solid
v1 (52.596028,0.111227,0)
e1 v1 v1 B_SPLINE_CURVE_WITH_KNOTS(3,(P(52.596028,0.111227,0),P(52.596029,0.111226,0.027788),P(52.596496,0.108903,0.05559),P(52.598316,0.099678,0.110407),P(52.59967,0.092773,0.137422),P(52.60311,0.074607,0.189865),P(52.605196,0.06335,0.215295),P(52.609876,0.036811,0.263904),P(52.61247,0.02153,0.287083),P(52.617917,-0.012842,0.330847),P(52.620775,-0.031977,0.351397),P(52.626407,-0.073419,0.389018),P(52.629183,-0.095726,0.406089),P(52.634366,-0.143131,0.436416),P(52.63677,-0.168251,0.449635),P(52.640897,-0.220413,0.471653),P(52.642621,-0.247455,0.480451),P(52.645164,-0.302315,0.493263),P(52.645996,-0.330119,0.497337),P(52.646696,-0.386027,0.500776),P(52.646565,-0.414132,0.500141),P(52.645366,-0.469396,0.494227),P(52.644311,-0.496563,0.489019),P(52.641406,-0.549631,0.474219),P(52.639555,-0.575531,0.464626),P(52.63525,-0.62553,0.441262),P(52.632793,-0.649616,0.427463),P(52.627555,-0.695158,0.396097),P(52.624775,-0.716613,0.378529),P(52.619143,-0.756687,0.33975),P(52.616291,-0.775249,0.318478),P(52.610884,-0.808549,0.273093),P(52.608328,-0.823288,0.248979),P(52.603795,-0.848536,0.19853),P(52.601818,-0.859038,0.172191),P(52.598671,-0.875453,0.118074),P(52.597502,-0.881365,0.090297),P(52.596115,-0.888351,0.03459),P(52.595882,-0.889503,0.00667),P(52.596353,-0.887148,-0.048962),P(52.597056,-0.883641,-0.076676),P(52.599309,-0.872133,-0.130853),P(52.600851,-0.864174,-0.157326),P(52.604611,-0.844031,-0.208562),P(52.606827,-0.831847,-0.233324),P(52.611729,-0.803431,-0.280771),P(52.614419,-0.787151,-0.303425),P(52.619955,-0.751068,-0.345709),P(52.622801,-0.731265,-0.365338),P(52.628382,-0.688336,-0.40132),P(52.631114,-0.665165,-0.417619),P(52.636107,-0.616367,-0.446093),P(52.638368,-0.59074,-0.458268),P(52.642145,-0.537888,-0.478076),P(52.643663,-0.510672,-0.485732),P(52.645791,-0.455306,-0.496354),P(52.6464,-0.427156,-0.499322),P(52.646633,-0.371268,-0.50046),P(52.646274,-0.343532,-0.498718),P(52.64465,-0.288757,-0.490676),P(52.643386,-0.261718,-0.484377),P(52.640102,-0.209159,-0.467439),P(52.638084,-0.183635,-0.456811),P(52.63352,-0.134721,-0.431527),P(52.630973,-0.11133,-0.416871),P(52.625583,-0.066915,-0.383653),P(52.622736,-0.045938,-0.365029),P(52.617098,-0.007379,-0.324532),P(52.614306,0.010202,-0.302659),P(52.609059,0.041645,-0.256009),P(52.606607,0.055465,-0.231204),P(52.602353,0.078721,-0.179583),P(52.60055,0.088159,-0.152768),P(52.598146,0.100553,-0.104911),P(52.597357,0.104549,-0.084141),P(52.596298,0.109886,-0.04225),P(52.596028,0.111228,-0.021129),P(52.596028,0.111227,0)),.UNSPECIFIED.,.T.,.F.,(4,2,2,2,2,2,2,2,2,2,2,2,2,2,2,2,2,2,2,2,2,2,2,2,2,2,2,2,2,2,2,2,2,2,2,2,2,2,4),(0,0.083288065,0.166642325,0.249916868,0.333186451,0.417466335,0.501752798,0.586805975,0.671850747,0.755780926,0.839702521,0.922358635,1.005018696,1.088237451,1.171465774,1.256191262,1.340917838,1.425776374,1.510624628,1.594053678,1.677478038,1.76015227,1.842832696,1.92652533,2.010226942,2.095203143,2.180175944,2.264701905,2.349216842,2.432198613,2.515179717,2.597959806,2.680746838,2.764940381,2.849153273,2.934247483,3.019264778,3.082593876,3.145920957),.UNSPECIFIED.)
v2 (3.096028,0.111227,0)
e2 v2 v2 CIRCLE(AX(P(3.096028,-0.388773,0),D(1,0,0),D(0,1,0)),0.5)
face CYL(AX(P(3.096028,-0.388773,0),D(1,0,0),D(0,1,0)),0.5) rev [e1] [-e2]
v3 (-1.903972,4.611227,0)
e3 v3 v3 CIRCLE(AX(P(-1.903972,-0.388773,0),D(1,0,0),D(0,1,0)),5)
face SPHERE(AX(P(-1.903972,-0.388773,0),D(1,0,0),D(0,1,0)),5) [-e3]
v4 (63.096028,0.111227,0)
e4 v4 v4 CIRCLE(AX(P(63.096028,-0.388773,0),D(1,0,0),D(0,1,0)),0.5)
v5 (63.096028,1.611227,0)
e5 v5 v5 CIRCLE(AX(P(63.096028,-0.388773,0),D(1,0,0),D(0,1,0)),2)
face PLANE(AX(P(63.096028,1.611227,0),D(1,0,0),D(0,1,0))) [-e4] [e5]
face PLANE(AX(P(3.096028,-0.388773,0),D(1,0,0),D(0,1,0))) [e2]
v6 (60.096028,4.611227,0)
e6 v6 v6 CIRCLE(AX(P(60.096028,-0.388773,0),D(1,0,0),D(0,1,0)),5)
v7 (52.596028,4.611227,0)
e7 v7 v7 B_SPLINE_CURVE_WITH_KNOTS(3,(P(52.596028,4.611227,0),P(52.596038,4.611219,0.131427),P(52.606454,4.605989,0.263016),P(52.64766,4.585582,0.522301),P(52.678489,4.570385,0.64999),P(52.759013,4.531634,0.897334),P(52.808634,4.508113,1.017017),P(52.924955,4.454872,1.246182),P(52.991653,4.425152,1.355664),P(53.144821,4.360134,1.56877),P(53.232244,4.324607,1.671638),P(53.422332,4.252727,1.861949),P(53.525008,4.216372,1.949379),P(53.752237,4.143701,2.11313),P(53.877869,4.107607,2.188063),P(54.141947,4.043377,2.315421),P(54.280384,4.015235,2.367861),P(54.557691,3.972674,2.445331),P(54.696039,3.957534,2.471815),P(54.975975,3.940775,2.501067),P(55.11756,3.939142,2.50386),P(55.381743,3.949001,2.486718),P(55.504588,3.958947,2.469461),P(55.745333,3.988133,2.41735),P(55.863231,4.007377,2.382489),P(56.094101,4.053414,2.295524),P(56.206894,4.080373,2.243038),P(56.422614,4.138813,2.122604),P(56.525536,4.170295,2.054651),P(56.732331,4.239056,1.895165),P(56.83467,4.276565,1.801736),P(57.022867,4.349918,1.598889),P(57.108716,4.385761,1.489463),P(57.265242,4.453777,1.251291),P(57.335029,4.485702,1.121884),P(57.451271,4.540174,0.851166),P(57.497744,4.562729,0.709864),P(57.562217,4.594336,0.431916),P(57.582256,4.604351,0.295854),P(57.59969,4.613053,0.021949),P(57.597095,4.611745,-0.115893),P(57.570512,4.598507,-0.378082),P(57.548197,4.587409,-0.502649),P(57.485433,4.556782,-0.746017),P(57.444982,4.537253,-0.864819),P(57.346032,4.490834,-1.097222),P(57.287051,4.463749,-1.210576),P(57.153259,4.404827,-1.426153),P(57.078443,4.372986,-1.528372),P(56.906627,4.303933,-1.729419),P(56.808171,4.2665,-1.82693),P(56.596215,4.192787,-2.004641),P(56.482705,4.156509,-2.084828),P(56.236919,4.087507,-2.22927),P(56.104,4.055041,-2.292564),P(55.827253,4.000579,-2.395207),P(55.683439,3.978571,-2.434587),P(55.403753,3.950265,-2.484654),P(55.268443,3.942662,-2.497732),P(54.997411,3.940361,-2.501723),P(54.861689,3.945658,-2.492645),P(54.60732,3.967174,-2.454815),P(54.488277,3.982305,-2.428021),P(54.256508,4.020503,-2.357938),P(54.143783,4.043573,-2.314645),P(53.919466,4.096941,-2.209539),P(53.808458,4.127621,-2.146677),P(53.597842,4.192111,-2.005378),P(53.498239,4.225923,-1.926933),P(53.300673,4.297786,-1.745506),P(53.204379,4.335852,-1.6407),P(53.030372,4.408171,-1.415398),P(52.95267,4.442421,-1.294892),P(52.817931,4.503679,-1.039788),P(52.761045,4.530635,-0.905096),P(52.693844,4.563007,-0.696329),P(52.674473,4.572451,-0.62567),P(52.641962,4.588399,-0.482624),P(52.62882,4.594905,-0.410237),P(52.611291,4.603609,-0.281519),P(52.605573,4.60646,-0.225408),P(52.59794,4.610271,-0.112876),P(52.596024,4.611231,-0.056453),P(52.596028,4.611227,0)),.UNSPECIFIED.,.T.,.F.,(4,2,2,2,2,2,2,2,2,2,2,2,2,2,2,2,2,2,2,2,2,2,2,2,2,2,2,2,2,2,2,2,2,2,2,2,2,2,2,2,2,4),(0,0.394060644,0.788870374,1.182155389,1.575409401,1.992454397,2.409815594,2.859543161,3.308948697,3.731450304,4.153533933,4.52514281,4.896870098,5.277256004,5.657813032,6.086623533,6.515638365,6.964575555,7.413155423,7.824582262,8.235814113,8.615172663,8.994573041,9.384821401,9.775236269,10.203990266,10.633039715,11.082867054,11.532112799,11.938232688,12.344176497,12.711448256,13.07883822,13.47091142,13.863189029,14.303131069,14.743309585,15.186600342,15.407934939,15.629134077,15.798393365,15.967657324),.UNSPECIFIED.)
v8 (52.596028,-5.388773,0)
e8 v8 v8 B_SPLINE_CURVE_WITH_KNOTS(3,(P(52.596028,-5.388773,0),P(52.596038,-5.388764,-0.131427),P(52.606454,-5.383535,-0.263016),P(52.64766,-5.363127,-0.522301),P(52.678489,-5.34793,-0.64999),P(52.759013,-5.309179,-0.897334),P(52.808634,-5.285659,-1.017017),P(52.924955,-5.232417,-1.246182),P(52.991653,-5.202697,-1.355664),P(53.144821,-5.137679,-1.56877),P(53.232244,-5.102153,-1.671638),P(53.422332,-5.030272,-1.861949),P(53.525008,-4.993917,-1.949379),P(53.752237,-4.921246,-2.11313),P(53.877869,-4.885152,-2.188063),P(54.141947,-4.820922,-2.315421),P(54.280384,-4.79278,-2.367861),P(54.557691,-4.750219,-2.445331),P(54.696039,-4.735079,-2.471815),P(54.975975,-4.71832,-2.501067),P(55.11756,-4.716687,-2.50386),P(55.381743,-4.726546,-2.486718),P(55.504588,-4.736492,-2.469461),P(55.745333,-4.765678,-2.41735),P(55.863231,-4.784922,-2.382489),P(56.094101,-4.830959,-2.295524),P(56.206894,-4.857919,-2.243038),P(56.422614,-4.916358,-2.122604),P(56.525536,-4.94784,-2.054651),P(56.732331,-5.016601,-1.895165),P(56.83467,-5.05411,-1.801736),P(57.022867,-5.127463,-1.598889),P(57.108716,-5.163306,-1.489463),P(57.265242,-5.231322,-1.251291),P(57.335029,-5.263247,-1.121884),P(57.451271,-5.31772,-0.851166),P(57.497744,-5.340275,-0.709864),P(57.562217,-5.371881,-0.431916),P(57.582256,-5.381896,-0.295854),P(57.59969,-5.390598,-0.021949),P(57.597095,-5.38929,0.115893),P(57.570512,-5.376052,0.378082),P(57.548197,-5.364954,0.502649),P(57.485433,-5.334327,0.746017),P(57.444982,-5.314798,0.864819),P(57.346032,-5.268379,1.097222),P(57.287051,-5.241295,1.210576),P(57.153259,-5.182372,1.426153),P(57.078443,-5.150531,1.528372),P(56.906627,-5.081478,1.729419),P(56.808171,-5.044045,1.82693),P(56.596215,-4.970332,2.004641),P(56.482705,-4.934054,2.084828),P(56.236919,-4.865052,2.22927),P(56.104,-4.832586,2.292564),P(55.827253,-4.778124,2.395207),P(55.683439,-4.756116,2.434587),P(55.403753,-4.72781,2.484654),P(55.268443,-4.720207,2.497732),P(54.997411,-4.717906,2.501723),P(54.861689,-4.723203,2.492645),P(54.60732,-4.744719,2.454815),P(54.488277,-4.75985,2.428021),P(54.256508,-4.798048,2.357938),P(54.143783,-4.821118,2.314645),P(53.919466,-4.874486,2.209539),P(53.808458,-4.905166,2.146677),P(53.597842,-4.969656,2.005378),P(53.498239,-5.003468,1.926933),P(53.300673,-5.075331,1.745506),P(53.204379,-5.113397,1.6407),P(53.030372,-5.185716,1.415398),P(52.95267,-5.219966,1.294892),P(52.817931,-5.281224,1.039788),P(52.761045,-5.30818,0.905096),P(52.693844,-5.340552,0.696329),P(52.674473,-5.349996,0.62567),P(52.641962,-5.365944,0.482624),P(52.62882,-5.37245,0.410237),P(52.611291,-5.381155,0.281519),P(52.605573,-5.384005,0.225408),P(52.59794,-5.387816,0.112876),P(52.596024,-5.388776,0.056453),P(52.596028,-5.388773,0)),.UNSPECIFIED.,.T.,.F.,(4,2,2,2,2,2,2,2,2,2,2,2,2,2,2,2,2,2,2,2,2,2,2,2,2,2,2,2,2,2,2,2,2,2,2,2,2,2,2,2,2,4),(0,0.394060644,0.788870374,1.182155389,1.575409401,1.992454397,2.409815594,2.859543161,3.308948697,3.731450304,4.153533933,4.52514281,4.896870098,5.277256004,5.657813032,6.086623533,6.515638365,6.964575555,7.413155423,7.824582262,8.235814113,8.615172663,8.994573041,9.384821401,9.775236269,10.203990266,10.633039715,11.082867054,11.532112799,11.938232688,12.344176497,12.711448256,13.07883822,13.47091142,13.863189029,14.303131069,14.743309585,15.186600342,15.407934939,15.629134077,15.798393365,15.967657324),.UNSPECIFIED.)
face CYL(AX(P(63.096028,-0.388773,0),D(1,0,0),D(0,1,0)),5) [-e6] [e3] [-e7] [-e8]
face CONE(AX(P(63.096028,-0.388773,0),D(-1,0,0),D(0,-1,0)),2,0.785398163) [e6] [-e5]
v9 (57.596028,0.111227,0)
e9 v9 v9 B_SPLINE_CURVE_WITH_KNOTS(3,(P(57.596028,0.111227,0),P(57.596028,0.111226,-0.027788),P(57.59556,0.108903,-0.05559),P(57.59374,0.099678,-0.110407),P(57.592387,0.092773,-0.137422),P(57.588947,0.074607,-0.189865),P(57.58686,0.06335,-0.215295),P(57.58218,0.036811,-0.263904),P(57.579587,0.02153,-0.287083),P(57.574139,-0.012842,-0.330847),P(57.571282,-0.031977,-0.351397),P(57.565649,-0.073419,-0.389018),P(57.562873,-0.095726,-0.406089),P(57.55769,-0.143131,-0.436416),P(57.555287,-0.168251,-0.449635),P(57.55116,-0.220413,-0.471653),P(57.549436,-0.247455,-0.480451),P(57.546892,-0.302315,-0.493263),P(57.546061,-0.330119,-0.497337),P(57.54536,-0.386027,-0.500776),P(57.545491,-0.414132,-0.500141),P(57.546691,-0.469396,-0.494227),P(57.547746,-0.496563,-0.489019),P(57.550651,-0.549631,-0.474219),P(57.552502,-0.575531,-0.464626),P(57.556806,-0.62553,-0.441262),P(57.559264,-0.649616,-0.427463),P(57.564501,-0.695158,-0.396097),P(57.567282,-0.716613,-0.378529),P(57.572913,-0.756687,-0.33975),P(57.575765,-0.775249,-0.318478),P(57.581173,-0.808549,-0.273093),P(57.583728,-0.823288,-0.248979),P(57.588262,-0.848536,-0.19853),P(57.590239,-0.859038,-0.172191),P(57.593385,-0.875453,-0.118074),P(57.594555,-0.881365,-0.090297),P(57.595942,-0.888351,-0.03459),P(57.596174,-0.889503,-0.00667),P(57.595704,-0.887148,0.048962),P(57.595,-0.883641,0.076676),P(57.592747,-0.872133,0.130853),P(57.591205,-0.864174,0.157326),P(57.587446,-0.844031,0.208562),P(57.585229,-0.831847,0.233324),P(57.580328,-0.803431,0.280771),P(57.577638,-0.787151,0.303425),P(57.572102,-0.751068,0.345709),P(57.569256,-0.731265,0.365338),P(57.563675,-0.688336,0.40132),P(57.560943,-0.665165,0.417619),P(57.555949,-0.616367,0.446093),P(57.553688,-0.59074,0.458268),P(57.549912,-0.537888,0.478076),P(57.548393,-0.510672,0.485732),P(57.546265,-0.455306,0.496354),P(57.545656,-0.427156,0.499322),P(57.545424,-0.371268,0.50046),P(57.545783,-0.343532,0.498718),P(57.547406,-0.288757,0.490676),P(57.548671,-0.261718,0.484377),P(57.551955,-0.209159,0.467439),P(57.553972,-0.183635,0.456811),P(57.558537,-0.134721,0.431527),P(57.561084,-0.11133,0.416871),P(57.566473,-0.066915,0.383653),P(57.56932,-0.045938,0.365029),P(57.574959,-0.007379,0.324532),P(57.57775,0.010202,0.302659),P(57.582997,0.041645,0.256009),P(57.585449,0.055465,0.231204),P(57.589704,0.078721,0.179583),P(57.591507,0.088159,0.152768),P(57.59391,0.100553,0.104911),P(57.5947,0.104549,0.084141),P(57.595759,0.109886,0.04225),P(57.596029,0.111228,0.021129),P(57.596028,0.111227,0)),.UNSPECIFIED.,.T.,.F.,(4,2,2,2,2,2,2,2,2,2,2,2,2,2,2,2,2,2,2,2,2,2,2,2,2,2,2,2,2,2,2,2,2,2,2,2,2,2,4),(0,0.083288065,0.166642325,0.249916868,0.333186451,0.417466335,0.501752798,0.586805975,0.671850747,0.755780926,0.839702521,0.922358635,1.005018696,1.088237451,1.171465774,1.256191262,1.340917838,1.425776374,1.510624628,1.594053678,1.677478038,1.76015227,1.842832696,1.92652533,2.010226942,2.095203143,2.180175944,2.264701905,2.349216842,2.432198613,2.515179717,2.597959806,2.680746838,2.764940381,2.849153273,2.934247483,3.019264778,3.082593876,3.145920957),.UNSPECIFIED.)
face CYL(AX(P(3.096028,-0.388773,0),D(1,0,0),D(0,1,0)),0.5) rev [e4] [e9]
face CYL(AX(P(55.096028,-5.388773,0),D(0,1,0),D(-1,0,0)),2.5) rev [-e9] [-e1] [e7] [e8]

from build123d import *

# Parameters (mm, degrees)
SKETCH4_R               = 0.5
CUT_EXTRUDE1_DEPTH      = 60
CUT_EXTRUDE2_DEPTH      = 65.078926224
CUT_EXTRUDE2_DEPTH_BACK = 65.078926224
SKETCH5_R               = 2.5


with BuildPart() as part:
    # Sketch3 → Revolve1 (revolve)
    with BuildSketch(Plane.XY):
        with BuildLine():
            Line((-1.903971709, 4.611227449), (60.096028291, 4.611227449))
            Line((60.096028291, 4.611227449), (63.096028291, 1.611227449))
            Line((63.096028291, 1.611227449), (63.096028291, -0.388772551))
            Line((63.096028291, -0.388772551), (-6.903971709, -0.388772551))
            ThreePointArc((-6.903971709, -0.388772551), (-5.439505615, 3.146761355), (-1.903971709, 4.611227449))
        make_face()
    revolve(axis=Axis((63.096028291, -0.388772551, 0), (-1, 0, 0)))

    # Sketch4 → Cut-Extrude1 (cut)
    with BuildSketch(Plane(origin=(63.096028291, 0, 0), x_dir=(0, 0, -1), z_dir=(1, 0, 0))):
        with Locations(Location((0, -0.388772551, 0), (0, 0, 90))):
            Circle(SKETCH4_R)
    extrude(amount=-CUT_EXTRUDE1_DEPTH, mode=Mode.SUBTRACT)

    # Sketch5 → Cut-Extrude2 (cut, two sides: drawn at the far end of the back side and taken through both)
    with BuildSketch(Plane(origin=(0, 4.611227449, 0), x_dir=(1, 0, 0), z_dir=(0, 1, 0)).offset(-CUT_EXTRUDE2_DEPTH_BACK)):
        with Locations(Location((55.096028291, 0, 0), (0, 0, 180))):
            Circle(SKETCH5_R)
    extrude(amount=CUT_EXTRUDE2_DEPTH + CUT_EXTRUDE2_DEPTH_BACK, mode=Mode.SUBTRACT)


solid = part.part
